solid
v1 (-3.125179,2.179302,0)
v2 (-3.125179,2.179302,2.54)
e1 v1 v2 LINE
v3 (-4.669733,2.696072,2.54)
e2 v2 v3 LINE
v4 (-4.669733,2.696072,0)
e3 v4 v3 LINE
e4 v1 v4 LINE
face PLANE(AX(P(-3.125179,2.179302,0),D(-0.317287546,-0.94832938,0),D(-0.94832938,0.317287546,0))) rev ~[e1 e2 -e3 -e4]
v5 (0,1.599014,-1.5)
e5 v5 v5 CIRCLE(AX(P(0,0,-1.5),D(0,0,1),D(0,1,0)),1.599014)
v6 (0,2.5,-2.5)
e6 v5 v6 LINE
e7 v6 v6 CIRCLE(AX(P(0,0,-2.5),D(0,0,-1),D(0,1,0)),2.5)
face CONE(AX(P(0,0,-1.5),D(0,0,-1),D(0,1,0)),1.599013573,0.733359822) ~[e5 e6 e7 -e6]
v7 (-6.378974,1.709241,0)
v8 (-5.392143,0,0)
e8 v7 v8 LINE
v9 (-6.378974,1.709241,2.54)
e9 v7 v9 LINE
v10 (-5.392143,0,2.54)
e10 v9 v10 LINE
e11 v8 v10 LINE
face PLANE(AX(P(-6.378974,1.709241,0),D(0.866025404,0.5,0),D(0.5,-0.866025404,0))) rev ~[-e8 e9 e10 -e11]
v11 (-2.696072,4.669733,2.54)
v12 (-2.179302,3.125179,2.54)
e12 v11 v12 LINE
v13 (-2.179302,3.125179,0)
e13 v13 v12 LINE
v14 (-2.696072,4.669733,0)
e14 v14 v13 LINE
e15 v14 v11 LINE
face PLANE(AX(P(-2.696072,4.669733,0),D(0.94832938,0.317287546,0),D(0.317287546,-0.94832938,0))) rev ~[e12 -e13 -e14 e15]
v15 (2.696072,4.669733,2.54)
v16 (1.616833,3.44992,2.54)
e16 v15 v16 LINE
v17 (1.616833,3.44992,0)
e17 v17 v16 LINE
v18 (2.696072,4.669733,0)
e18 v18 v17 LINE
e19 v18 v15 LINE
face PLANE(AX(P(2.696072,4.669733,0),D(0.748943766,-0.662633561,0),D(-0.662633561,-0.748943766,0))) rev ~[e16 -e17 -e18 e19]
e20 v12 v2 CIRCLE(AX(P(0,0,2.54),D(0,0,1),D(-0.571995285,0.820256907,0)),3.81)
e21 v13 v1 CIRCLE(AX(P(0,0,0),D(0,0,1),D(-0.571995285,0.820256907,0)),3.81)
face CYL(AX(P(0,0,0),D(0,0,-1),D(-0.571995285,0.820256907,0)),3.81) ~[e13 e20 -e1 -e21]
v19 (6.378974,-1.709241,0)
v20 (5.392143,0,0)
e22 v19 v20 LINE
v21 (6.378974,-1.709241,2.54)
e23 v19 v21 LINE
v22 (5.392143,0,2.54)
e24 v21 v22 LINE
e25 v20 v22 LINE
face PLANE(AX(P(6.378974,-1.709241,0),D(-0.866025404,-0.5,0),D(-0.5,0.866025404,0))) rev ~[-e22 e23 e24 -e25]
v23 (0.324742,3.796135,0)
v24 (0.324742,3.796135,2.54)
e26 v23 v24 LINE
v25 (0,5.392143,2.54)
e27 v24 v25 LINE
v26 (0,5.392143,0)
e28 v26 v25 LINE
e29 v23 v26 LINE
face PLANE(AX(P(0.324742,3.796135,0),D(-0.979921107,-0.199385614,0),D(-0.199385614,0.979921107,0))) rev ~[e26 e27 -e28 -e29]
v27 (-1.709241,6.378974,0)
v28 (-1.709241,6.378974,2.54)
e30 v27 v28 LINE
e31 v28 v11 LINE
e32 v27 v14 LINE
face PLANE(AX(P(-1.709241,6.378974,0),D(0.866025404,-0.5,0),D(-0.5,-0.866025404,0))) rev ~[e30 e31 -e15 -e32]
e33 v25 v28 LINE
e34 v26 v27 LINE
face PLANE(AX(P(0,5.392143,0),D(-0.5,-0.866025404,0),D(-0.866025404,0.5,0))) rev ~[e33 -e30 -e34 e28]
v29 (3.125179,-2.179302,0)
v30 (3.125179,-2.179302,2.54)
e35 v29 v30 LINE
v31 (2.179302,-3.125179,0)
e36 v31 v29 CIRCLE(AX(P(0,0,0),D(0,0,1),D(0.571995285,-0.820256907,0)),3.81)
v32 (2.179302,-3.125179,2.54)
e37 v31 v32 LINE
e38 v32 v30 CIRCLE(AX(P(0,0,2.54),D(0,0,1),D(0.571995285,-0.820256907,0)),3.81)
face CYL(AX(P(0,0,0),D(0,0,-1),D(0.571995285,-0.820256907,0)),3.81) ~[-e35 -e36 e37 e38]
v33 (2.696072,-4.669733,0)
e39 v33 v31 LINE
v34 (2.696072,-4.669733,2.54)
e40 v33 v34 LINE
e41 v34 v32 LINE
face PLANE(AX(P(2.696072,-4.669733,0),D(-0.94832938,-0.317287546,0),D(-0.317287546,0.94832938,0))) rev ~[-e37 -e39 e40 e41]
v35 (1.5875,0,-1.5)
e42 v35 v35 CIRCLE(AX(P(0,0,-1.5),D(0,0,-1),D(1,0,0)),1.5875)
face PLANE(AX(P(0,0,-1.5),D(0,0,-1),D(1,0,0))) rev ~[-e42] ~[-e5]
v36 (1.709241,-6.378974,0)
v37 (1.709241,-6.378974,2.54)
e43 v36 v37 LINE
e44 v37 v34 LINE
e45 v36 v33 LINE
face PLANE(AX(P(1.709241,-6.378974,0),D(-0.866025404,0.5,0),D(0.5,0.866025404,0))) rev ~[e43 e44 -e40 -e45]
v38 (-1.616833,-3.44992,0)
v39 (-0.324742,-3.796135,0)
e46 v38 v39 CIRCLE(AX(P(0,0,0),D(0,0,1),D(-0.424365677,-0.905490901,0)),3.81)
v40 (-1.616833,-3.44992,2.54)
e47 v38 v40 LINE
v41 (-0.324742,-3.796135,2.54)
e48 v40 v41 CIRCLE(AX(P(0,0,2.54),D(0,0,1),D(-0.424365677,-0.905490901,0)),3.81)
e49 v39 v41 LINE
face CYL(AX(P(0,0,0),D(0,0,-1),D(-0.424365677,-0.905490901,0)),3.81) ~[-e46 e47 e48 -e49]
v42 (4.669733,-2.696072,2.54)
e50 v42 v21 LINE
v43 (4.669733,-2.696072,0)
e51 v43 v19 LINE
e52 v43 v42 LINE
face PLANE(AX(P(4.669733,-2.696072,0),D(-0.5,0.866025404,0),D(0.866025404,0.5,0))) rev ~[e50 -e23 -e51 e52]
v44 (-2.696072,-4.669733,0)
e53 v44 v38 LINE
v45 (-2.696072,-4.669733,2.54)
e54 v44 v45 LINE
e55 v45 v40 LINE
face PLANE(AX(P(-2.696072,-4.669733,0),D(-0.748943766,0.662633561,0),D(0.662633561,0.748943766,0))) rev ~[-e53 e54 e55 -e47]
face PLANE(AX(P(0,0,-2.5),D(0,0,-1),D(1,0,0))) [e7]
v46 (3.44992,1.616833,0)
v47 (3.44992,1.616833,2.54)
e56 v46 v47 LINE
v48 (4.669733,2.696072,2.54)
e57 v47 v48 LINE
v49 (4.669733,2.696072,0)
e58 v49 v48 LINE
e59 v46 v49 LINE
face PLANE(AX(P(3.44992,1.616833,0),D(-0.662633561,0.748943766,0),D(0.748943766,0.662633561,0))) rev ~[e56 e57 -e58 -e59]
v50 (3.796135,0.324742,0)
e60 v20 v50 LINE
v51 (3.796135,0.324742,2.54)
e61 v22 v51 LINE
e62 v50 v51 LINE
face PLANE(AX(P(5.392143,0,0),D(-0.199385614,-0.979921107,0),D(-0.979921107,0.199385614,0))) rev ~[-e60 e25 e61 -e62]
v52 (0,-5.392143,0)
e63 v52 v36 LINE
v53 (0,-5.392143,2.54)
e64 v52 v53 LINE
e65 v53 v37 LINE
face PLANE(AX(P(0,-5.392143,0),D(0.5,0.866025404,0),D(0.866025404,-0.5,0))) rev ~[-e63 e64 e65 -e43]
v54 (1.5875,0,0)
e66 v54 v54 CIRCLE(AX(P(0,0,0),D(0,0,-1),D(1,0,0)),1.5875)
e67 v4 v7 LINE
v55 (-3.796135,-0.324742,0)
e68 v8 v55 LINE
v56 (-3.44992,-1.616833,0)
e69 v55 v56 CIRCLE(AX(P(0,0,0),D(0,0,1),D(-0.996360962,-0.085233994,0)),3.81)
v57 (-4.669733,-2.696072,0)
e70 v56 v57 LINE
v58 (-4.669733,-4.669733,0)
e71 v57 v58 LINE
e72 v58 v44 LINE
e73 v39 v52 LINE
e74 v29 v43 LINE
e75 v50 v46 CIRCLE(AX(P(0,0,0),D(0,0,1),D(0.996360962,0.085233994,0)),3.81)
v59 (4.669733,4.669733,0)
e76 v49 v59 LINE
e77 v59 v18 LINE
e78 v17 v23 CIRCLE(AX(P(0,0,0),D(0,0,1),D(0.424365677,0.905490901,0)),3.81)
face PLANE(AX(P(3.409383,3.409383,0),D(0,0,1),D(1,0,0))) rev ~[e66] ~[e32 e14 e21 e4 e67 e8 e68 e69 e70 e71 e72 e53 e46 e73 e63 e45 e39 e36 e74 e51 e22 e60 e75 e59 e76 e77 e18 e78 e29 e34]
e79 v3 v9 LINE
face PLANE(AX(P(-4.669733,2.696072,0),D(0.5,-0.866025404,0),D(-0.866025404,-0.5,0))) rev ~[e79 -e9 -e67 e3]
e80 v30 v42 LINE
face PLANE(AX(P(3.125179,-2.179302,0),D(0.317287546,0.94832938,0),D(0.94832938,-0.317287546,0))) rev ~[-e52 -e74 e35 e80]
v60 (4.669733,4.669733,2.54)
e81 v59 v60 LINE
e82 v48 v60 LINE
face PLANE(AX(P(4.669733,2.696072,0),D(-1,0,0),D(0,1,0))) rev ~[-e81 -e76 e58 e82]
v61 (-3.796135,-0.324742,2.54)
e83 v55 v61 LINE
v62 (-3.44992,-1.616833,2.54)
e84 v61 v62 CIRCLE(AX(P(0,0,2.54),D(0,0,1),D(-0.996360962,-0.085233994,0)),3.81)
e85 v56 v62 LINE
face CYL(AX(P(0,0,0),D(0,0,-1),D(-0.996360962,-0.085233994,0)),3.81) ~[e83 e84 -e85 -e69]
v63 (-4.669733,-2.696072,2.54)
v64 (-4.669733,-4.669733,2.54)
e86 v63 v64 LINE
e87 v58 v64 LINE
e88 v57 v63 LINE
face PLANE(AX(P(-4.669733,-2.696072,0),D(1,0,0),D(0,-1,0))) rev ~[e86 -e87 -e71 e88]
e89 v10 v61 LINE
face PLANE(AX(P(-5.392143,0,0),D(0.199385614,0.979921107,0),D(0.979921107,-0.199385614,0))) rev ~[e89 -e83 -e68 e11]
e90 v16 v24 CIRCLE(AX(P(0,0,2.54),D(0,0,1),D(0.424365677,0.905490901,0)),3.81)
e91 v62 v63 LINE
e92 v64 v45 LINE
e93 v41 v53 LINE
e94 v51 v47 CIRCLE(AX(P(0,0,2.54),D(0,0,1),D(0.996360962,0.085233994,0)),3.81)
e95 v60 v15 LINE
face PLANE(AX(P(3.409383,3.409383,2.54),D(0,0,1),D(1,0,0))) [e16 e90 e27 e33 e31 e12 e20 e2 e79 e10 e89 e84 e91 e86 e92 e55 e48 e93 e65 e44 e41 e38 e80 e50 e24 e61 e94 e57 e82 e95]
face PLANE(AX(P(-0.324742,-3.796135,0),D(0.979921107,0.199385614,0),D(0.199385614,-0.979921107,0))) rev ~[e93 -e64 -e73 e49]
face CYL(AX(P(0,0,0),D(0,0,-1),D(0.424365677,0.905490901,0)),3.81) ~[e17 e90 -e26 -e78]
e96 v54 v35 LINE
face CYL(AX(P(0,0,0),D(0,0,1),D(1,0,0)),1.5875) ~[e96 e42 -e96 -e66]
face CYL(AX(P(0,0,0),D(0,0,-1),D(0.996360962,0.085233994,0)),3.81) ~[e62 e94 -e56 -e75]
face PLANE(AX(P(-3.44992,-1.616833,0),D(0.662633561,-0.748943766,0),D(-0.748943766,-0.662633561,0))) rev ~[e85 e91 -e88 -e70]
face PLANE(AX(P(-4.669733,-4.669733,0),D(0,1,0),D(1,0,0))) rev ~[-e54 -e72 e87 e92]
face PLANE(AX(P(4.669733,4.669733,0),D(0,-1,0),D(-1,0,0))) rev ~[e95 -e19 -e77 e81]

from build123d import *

# Parameters (mm, degrees)
F1_DEPTH = 2.54
F2_R     = 1.5875
F3_DEPTH = 1.5
F4_R     = 2.5
F5_DEPTH = 1


with BuildPart() as f1:
    # F0 (on Top) → F1 (new body)
    with BuildSketch(Plane.XY):
        with BuildLine():
            ThreePointArc((1.6168332291, 3.4499203338), (1.7625208147, 3.3778129578), (1.905, 3.2995567884))
            ThreePointArc((1.905, 3.2995567884), (2.6940768363, 2.6940768363), (3.2995567884, 1.905))
            ThreePointArc((3.2995567884, 1.905), (3.3778129578, 1.7625208147), (3.4499203338, 1.6168332291))
            Line((3.4499203338, 1.6168332291), (4.669733183, 2.6960717102))
            Line((4.669733183, 2.6960717102), (4.669733183, 4.669733183))
            Line((4.669733183, 4.669733183), (2.6960717102, 4.669733183))
            Line((2.6960717102, 4.669733183), (1.6168332291, 3.4499203338))
        make_face()
        with BuildLine():
            Line((1.905, 3.2995567884), (0, 0))
            Line((0, 0), (3.2995567884, 1.905))
            ThreePointArc((3.2995567884, 1.905), (2.6940768363, 2.6940768363), (1.905, 3.2995567884))
        make_face()
        with BuildLine():
            ThreePointArc((0.3247415168, 3.7961352646), (0.1625186786, 3.806532238), (0, 3.81))
            Line((0, 3.81), (0, 0))
            Line((0, 0), (1.905, 3.2995567884))
            ThreePointArc((1.905, 3.2995567884), (1.7625208147, 3.3778129578), (1.6168332291, 3.4499203338))
            ThreePointArc((1.6168332291, 3.4499203338), (0.9861005618, 3.6801773982), (0.3247415168, 3.7961352646))
        make_face()
        with BuildLine():
            ThreePointArc((-1.905, 3.2995567884), (-0.9861005618, 3.6801773982), (0, 3.81))
            ThreePointArc((0, 3.81), (0.1625186786, 3.806532238), (0.3247415168, 3.7961352646))
            Line((0.3247415168, 3.7961352646), (0, 5.3921434204))
            Line((0, 5.3921434204), (-1.7092409739, 6.3789741568))
            Line((-1.7092409739, 6.3789741568), (-2.6960717102, 4.669733183))
            Line((-2.6960717102, 4.669733183), (-2.1793020355, 3.125178817))
            ThreePointArc((-2.1793020355, 3.125178817), (-2.0440114233, 3.2152942791), (-1.905, 3.2995567884))
        make_face()
        with BuildLine():
            Line((0, 0), (0, 3.81))
            ThreePointArc((0, 3.81), (-0.9861005618, 3.6801773982), (-1.905, 3.2995567884))
            Line((-1.905, 3.2995567884), (0, 0))
        make_face()
        with BuildLine():
            Line((-3.2995567884, 1.905), (0, 0))
            Line((0, 0), (-1.905, 3.2995567884))
            ThreePointArc((-1.905, 3.2995567884), (-2.0440114233, 3.2152942791), (-2.1793020355, 3.125178817))
            ThreePointArc((-2.1793020355, 3.125178817), (-2.6940768363, 2.6940768363), (-3.125178817, 2.1793020355))
            ThreePointArc((-3.125178817, 2.1793020355), (-3.2152942791, 2.0440114233), (-3.2995567884, 1.905))
        make_face()
        with BuildLine():
            ThreePointArc((-3.7961352646, -0.3247415168), (-3.806532238, -0.1625186786), (-3.81, 0))
            ThreePointArc((-3.81, 0), (-3.6801773982, 0.9861005618), (-3.2995567884, 1.905))
            ThreePointArc((-3.2995567884, 1.905), (-3.2152942791, 2.0440114233), (-3.125178817, 2.1793020355))
            Line((-3.125178817, 2.1793020355), (-4.669733183, 2.6960717102))
            Line((-4.669733183, 2.6960717102), (-6.3789741568, 1.7092409739))
            Line((-6.3789741568, 1.7092409739), (-5.3921434204, 0))
            Line((-5.3921434204, 0), (-3.7961352646, -0.3247415168))
        make_face()
        with BuildLine():
            Line((-3.81, 0), (0, 0))
            Line((0, 0), (-3.2995567884, 1.905))
            ThreePointArc((-3.2995567884, 1.905), (-3.6801773982, 0.9861005618), (-3.81, 0))
        make_face()
        with BuildLine():
            Line((-3.2995567884, -1.905), (0, 0))
            Line((0, 0), (-3.81, 0))
            ThreePointArc((-3.81, 0), (-3.806532238, -0.1625186786), (-3.7961352646, -0.3247415168))
            ThreePointArc((-3.7961352646, -0.3247415168), (-3.6801773982, -0.9861005618), (-3.4499203338, -1.6168332291))
            ThreePointArc((-3.4499203338, -1.6168332291), (-3.3778129578, -1.7625208147), (-3.2995567884, -1.905))
        make_face()
        with BuildLine():
            Line((-1.905, -3.2995567884), (0, 0))
            Line((0, 0), (-3.2995567884, -1.905))
            ThreePointArc((-3.2995567884, -1.905), (-2.6940768363, -2.6940768363), (-1.905, -3.2995567884))
        make_face()
        with BuildLine():
            ThreePointArc((-1.6168332291, -3.4499203338), (-1.7625208147, -3.3778129578), (-1.905, -3.2995567884))
            ThreePointArc((-1.905, -3.2995567884), (-2.6940768363, -2.6940768363), (-3.2995567884, -1.905))
            ThreePointArc((-3.2995567884, -1.905), (-3.3778129578, -1.7625208147), (-3.4499203338, -1.6168332291))
            Line((-3.4499203338, -1.6168332291), (-4.669733183, -2.6960717102))
            Line((-4.669733183, -2.6960717102), (-4.669733183, -4.669733183))
            Line((-4.669733183, -4.669733183), (-2.6960717102, -4.669733183))
            Line((-2.6960717102, -4.669733183), (-1.6168332291, -3.4499203338))
        make_face()
        with BuildLine():
            Line((0, -3.81), (0, 0))
            Line((0, 0), (-1.905, -3.2995567884))
            ThreePointArc((-1.905, -3.2995567884), (-1.7625208147, -3.3778129578), (-1.6168332291, -3.4499203338))
            ThreePointArc((-1.6168332291, -3.4499203338), (-0.9861005618, -3.6801773982), (-0.3247415168, -3.7961352646))
            ThreePointArc((-0.3247415168, -3.7961352646), (-0.1625186786, -3.806532238), (0, -3.81))
        make_face()
        with BuildLine():
            ThreePointArc((1.905, -3.2995567884), (0.9861005618, -3.6801773982), (0, -3.81))
            Line((0, -3.81), (0, -5.3921434204))
            Line((0, -5.3921434204), (1.7092409739, -6.3789741568))
            Line((1.7092409739, -6.3789741568), (2.6960717102, -4.669733183))
            Line((2.6960717102, -4.669733183), (2.1793020355, -3.125178817))
            ThreePointArc((2.1793020355, -3.125178817), (2.0440114233, -3.2152942791), (1.905, -3.2995567884))
        make_face()
        with BuildLine():
            Line((1.905, -3.2995567884), (0, 0))
            Line((0, 0), (0, -3.81))
            ThreePointArc((0, -3.81), (0.9861005618, -3.6801773982), (1.905, -3.2995567884))
        make_face()
        with BuildLine():
            Line((3.2995567884, -1.905), (0, 0))
            Line((0, 0), (1.905, -3.2995567884))
            ThreePointArc((1.905, -3.2995567884), (2.0440114233, -3.2152942791), (2.1793020355, -3.125178817))
            ThreePointArc((2.1793020355, -3.125178817), (2.6940768363, -2.6940768363), (3.125178817, -2.1793020355))
            ThreePointArc((3.125178817, -2.1793020355), (3.2152942791, -2.0440114233), (3.2995567884, -1.905))
        make_face()
        with BuildLine():
            Line((3.81, 0), (0, 0))
            Line((0, 0), (3.2995567884, -1.905))
            ThreePointArc((3.2995567884, -1.905), (3.6801773982, -0.9861005618), (3.81, 0))
        make_face()
        with BuildLine():
            Line((3.2995567884, 1.905), (0, 0))
            Line((0, 0), (3.81, 0))
            ThreePointArc((3.81, 0), (3.806532238, 0.1625186786), (3.7961352646, 0.3247415168))
            ThreePointArc((3.7961352646, 0.3247415168), (3.6801773982, 0.9861005618), (3.4499203338, 1.6168332291))
            ThreePointArc((3.4499203338, 1.6168332291), (3.3778129578, 1.7625208147), (3.2995567884, 1.905))
        make_face()
        with BuildLine():
            ThreePointArc((3.7961352646, 0.3247415168), (3.806532238, 0.1625186786), (3.81, 0))
            ThreePointArc((3.81, 0), (3.6801773982, -0.9861005618), (3.2995567884, -1.905))
            ThreePointArc((3.2995567884, -1.905), (3.2152942791, -2.0440114233), (3.125178817, -2.1793020355))
            Line((3.125178817, -2.1793020355), (4.669733183, -2.6960717102))
            Line((4.669733183, -2.6960717102), (6.3789741568, -1.7092409739))
            Line((6.3789741568, -1.7092409739), (5.3921434204, 0))
            Line((5.3921434204, 0), (3.7961352646, 0.3247415168))
        make_face()
        with BuildLine():
            Line((0, -5.3921434204), (0, -3.81))
            ThreePointArc((0, -3.81), (-0.1625186786, -3.806532238), (-0.3247415168, -3.7961352646))
            Line((-0.3247415168, -3.7961352646), (0, -5.3921434204))
        make_face()
    extrude(amount=F1_DEPTH)

    # F2 (on face) → F3 (join)
    with BuildSketch(Plane(origin=(0, 0, 0), x_dir=(1, 0, 0), z_dir=(0, 0, -1))):
        Circle(F2_R)
    extrude(amount=F3_DEPTH)

    # F4 (on face) → F5 (join)
    with BuildSketch(Plane(origin=(0, 0, -1.5), x_dir=(1, 0, 0), z_dir=(0, 0, -1))):
        Circle(F4_R)
    extrude(amount=F5_DEPTH)

    # F6 (on Right) → F7 (revolve, cut)
    with BuildSketch(Plane.YZ):
        Polygon((1.7, -1.5), (1.5990135726, -1.5), (2.5, -2.5), (2.5, -1.5), align=None)
    revolve(axis=Axis((0, 0, -2), (0, 0, 1)), mode=Mode.SUBTRACT)


solid = f1.part
